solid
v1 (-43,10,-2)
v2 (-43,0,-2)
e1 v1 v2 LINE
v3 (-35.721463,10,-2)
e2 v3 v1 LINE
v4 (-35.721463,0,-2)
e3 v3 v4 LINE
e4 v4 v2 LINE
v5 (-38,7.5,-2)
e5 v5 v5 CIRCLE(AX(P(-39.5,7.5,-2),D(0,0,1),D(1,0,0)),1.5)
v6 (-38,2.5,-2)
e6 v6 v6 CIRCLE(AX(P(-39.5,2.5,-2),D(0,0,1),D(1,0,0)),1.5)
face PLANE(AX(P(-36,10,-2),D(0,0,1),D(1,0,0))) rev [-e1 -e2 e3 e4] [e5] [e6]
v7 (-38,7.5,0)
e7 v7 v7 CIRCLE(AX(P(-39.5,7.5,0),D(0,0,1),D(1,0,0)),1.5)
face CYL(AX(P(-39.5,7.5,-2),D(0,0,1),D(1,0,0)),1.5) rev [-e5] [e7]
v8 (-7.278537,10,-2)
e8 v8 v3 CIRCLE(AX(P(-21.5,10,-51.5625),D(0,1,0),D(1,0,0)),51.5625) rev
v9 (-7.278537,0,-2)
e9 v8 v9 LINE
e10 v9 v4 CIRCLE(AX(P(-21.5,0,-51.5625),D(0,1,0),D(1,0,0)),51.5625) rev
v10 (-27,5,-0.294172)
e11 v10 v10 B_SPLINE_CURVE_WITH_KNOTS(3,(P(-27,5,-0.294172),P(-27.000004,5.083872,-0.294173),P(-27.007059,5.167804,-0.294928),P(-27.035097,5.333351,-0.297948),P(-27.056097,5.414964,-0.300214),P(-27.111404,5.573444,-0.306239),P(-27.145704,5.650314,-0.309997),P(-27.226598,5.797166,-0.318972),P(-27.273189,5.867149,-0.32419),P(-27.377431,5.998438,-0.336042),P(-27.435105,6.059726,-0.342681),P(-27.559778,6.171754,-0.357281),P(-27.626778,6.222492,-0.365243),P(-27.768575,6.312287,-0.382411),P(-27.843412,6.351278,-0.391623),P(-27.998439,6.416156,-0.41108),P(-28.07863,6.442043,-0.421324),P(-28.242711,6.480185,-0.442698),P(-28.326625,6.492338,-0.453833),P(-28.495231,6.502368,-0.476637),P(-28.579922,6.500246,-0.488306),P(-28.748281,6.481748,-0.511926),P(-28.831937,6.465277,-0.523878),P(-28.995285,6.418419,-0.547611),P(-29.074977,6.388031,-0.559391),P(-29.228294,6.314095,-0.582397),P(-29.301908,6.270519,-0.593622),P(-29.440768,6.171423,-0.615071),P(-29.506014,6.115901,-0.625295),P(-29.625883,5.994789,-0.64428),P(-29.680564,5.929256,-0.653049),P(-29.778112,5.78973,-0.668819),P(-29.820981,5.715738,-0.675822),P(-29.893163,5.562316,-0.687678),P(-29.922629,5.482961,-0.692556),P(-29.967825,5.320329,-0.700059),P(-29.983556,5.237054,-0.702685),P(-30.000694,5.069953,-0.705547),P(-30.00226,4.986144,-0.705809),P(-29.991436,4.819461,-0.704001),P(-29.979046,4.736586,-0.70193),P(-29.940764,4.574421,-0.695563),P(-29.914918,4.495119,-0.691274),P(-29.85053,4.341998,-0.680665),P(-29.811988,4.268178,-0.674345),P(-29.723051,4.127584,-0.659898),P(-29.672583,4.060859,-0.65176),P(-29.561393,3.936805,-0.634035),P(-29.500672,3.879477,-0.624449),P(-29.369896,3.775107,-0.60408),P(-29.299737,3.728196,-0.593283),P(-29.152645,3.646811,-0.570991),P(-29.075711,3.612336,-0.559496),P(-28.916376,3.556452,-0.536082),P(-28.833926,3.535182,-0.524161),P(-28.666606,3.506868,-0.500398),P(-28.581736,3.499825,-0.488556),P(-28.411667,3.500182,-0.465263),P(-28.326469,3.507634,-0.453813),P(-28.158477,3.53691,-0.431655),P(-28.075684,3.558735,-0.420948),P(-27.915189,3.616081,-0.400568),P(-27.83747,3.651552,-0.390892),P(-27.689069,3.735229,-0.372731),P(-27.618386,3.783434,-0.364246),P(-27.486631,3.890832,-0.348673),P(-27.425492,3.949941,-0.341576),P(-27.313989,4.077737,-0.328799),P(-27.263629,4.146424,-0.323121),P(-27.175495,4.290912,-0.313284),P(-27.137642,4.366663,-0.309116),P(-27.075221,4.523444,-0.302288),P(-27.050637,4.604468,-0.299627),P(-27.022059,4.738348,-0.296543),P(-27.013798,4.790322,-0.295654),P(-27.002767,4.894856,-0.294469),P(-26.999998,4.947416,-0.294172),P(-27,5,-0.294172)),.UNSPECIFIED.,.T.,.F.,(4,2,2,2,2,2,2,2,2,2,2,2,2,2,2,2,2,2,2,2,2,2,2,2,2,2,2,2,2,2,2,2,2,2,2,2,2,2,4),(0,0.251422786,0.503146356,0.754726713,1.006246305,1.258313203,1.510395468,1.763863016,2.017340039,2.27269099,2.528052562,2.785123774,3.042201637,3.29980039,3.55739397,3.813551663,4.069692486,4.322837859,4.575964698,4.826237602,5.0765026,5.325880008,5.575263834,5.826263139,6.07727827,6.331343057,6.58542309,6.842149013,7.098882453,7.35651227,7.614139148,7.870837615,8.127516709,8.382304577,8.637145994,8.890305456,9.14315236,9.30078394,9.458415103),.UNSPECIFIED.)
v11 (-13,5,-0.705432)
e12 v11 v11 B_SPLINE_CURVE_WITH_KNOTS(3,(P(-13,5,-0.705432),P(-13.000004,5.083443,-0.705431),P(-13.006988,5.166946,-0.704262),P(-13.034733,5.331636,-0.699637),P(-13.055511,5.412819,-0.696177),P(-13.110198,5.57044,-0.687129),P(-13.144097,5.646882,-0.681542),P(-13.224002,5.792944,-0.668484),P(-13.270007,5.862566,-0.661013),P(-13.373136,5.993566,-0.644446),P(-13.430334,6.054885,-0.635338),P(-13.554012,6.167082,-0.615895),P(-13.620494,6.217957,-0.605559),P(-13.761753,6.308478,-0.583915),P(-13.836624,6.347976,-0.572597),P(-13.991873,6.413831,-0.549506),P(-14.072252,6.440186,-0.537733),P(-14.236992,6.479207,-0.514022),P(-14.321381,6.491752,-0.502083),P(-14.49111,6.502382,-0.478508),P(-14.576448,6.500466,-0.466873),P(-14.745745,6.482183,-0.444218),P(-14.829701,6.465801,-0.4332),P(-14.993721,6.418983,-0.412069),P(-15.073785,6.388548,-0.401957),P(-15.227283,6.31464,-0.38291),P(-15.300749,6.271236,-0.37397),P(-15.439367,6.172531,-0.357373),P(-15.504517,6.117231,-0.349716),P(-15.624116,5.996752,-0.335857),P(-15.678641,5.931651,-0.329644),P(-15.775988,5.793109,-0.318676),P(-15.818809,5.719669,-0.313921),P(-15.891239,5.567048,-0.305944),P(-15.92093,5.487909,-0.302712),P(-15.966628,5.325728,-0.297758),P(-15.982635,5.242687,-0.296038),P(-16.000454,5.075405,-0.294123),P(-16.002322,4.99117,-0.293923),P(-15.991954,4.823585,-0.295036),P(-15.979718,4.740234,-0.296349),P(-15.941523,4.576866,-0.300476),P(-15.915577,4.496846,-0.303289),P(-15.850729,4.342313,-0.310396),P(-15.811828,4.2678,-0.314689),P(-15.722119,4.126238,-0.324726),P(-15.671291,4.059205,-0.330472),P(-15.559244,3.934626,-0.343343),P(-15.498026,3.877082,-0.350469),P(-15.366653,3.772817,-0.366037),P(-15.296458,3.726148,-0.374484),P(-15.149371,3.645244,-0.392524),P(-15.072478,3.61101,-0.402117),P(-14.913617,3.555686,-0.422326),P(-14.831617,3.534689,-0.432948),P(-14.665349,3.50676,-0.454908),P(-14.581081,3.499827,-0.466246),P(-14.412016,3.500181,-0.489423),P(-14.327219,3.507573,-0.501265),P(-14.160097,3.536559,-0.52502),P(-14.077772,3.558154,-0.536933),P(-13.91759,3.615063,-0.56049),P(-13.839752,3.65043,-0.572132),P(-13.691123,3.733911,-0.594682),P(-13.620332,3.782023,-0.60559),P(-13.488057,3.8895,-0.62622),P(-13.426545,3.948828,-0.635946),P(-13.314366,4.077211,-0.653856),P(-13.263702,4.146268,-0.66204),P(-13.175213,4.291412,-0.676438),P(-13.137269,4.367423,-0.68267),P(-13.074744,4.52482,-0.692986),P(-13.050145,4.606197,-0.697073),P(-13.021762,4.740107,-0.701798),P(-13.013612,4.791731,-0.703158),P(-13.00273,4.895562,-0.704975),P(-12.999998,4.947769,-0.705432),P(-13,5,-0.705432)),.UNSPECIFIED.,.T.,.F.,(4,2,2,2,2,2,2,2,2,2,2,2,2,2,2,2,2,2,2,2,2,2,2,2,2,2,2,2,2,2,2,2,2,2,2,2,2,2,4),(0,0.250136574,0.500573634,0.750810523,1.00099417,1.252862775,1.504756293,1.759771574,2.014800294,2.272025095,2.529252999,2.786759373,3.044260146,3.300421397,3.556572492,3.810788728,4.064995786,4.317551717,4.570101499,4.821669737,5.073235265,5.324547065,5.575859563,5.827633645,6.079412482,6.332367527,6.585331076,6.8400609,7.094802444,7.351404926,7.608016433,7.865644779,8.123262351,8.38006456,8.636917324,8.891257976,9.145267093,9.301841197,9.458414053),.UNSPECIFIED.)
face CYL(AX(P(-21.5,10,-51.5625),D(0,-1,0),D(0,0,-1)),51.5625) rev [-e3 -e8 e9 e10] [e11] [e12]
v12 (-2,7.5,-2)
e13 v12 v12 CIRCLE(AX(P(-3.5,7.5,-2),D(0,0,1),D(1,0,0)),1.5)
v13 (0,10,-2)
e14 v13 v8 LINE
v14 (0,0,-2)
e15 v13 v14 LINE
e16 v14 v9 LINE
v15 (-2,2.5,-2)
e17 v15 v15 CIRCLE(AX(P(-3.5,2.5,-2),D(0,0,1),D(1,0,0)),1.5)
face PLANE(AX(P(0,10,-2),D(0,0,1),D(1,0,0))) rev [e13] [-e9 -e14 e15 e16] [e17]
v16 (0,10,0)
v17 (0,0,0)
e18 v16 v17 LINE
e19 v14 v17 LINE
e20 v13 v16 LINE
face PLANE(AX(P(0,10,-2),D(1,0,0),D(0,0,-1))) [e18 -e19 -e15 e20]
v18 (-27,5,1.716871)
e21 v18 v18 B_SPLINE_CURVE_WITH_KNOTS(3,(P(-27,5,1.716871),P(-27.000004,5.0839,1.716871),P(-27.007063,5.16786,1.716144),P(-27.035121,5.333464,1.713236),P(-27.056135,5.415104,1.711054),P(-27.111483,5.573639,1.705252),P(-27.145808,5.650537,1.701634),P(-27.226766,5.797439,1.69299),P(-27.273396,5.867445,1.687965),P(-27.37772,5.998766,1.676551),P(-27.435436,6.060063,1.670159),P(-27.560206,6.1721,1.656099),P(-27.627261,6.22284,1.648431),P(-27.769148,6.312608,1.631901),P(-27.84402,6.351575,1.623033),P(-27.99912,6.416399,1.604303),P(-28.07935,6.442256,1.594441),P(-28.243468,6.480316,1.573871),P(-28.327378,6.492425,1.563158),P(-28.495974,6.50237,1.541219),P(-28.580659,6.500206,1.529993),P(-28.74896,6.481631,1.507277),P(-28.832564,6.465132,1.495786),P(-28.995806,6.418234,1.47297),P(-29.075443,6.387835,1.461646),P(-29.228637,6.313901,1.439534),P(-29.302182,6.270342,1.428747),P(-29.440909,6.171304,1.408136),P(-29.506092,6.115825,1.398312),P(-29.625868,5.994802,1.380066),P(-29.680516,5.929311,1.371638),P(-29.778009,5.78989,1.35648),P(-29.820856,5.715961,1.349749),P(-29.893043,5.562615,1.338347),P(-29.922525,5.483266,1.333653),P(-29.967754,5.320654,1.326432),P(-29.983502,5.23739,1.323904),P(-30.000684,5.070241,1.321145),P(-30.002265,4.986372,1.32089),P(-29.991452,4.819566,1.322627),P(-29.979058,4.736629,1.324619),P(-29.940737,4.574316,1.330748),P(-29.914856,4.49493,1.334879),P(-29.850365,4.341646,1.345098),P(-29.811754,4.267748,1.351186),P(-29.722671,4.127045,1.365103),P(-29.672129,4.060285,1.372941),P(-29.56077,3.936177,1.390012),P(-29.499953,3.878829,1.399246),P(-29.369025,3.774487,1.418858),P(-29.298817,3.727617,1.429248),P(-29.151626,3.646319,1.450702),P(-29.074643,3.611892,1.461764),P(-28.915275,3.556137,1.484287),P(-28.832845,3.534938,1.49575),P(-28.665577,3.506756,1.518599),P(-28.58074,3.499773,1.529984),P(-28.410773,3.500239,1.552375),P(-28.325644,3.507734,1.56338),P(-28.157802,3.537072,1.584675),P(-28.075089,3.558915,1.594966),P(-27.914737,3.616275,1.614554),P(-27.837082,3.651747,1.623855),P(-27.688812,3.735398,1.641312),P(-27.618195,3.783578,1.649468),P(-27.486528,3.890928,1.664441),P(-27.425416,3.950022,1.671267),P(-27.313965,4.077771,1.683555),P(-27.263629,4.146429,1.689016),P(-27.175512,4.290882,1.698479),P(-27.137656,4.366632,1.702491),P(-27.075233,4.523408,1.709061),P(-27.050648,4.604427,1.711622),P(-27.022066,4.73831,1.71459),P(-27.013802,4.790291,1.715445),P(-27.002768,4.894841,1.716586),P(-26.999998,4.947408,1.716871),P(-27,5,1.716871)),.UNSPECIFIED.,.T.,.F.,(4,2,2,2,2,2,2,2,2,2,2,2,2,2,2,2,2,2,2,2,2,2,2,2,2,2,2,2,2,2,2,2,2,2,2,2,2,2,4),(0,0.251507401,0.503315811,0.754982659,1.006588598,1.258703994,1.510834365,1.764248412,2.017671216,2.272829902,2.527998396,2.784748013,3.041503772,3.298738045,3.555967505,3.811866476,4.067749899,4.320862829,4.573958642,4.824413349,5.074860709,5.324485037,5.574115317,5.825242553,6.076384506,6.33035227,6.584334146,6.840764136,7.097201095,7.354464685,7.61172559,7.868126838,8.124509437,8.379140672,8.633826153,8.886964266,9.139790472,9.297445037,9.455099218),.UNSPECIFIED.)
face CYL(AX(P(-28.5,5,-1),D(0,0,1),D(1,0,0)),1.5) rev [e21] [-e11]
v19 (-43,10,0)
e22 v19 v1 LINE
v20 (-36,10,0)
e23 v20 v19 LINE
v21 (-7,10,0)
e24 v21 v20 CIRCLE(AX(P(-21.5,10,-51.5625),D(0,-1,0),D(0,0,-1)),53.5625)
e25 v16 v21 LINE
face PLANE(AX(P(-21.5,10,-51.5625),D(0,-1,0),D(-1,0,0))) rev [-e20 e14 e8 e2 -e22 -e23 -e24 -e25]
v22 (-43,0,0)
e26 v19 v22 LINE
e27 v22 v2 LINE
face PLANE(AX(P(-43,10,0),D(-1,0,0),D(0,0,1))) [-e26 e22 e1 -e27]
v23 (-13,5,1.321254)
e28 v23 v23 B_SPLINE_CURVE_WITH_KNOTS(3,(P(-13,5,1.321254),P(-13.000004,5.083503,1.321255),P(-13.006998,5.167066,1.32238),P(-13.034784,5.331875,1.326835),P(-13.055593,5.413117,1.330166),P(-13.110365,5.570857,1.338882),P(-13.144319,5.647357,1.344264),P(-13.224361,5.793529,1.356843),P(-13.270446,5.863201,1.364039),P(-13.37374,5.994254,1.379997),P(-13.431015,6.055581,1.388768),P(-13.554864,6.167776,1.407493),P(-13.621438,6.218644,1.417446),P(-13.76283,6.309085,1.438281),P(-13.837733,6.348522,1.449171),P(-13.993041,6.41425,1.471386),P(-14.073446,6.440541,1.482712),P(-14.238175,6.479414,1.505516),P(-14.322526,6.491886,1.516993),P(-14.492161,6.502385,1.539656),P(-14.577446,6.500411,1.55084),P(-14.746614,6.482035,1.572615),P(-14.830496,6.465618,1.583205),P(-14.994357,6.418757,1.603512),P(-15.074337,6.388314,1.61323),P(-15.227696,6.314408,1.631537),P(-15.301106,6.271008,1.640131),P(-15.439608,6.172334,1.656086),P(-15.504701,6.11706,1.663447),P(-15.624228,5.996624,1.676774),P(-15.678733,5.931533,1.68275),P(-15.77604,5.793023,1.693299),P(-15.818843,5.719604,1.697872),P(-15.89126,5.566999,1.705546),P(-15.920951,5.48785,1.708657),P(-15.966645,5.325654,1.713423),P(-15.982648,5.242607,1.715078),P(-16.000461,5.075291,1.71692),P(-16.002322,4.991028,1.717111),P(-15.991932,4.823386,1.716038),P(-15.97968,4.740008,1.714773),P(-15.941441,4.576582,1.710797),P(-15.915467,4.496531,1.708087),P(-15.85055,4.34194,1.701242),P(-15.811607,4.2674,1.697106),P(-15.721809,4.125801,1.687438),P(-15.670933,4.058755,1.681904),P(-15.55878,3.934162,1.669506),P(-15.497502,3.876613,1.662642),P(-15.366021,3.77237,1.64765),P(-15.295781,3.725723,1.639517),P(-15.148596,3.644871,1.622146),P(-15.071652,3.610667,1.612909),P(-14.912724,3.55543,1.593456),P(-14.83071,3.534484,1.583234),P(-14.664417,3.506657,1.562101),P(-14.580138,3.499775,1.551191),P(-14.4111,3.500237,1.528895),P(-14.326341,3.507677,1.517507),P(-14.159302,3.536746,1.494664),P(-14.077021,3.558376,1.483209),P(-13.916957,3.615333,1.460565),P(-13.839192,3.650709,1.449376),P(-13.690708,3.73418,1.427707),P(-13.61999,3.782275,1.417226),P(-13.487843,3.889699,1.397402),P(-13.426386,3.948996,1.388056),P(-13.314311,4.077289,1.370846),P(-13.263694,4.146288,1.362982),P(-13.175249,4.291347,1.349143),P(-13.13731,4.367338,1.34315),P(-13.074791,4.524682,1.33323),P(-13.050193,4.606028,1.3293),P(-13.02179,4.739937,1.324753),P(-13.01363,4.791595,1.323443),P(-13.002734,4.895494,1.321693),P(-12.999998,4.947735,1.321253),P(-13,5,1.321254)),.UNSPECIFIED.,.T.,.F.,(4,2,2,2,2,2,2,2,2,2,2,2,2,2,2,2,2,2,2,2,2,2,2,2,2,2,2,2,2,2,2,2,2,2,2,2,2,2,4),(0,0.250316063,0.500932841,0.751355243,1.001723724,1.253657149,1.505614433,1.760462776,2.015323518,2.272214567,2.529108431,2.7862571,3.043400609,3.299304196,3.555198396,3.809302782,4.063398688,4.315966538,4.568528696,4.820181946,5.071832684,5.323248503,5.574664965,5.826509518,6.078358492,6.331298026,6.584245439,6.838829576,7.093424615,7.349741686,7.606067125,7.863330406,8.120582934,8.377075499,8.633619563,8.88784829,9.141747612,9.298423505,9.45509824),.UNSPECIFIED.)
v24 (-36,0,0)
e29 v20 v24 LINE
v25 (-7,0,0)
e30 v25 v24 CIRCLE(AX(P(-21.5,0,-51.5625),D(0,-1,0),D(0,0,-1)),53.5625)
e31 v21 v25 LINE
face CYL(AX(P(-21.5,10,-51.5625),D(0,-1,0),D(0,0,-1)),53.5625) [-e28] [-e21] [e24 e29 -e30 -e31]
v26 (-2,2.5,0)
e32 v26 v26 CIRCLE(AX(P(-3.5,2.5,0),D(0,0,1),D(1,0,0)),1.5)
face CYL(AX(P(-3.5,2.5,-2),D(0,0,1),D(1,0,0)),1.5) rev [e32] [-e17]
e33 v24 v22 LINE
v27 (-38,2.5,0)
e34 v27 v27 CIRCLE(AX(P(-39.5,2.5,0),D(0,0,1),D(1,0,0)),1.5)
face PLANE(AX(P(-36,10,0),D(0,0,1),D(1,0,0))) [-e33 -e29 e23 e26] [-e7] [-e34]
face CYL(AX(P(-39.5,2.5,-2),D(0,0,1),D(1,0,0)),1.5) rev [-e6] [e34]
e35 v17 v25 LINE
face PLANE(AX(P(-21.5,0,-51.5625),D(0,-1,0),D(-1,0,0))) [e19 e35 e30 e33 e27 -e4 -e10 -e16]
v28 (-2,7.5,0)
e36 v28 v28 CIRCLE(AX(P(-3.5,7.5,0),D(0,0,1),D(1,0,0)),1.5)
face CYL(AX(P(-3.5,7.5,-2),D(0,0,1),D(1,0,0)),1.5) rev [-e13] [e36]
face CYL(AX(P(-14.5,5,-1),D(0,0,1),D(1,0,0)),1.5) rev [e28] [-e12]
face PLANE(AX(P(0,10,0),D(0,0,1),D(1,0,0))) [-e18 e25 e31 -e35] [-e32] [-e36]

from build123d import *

# Parameters (mm, degrees)
EXTRUDE_1_DEPTH     = 10
SKETCH_2_R          = 1.5
CUT_EXTRUDE_1_DEPTH = 2
SKETCH_4_R          = 1.5
CUT_EXTRUDE_3_DEPTH = 3


with BuildPart() as part:
    # Эскиз1 → Вытянуть-Тонкостенный1 (new body)
    with BuildSketch(Plane(origin=(0, 0, 0), x_dir=(1, 0, 0), z_dir=(0, 1, 0))):
        with BuildLine():
            Line((0, 0), (-7, 0))
            ThreePointArc((-7, 0), (-21.5, -2), (-36, 0))
            Line((-36, 0), (-43, 0))
            Line((-43, 0), (-43, 2))
            Line((-43, 2), (-35.721462653, 2))
            ThreePointArc((-35.721462653, 2), (-21.5, 0), (-7.278537347, 2))
            Line((-7.278537347, 2), (0, 2))
            Line((0, 2), (0, 0))
        make_face()
    extrude(amount=EXTRUDE_1_DEPTH)

    # Эскиз2 → Вырез-Вытянуть1 (cut)
    with BuildSketch(Plane.XY):
        with Locations((-39.5, 7.5)):
            Circle(SKETCH_2_R)
        with Locations((-39.5, 2.5)):
            Circle(SKETCH_2_R)
        with Locations((-3.5, 7.5)):
            Circle(SKETCH_2_R)
        with Locations((-3.5, 2.5)):
            Circle(SKETCH_2_R)
    extrude(amount=-CUT_EXTRUDE_1_DEPTH, mode=Mode.SUBTRACT)

    # Эскиз4 → Вырез-Вытянуть3 (cut)
    with BuildSketch(Plane.XY.offset(2)):
        with Locations((-28.5, 5)):
            Circle(SKETCH_4_R)
        with Locations((-14.5, 5)):
            Circle(SKETCH_4_R)
    extrude(amount=-CUT_EXTRUDE_3_DEPTH, mode=Mode.SUBTRACT)


solid = part.part
